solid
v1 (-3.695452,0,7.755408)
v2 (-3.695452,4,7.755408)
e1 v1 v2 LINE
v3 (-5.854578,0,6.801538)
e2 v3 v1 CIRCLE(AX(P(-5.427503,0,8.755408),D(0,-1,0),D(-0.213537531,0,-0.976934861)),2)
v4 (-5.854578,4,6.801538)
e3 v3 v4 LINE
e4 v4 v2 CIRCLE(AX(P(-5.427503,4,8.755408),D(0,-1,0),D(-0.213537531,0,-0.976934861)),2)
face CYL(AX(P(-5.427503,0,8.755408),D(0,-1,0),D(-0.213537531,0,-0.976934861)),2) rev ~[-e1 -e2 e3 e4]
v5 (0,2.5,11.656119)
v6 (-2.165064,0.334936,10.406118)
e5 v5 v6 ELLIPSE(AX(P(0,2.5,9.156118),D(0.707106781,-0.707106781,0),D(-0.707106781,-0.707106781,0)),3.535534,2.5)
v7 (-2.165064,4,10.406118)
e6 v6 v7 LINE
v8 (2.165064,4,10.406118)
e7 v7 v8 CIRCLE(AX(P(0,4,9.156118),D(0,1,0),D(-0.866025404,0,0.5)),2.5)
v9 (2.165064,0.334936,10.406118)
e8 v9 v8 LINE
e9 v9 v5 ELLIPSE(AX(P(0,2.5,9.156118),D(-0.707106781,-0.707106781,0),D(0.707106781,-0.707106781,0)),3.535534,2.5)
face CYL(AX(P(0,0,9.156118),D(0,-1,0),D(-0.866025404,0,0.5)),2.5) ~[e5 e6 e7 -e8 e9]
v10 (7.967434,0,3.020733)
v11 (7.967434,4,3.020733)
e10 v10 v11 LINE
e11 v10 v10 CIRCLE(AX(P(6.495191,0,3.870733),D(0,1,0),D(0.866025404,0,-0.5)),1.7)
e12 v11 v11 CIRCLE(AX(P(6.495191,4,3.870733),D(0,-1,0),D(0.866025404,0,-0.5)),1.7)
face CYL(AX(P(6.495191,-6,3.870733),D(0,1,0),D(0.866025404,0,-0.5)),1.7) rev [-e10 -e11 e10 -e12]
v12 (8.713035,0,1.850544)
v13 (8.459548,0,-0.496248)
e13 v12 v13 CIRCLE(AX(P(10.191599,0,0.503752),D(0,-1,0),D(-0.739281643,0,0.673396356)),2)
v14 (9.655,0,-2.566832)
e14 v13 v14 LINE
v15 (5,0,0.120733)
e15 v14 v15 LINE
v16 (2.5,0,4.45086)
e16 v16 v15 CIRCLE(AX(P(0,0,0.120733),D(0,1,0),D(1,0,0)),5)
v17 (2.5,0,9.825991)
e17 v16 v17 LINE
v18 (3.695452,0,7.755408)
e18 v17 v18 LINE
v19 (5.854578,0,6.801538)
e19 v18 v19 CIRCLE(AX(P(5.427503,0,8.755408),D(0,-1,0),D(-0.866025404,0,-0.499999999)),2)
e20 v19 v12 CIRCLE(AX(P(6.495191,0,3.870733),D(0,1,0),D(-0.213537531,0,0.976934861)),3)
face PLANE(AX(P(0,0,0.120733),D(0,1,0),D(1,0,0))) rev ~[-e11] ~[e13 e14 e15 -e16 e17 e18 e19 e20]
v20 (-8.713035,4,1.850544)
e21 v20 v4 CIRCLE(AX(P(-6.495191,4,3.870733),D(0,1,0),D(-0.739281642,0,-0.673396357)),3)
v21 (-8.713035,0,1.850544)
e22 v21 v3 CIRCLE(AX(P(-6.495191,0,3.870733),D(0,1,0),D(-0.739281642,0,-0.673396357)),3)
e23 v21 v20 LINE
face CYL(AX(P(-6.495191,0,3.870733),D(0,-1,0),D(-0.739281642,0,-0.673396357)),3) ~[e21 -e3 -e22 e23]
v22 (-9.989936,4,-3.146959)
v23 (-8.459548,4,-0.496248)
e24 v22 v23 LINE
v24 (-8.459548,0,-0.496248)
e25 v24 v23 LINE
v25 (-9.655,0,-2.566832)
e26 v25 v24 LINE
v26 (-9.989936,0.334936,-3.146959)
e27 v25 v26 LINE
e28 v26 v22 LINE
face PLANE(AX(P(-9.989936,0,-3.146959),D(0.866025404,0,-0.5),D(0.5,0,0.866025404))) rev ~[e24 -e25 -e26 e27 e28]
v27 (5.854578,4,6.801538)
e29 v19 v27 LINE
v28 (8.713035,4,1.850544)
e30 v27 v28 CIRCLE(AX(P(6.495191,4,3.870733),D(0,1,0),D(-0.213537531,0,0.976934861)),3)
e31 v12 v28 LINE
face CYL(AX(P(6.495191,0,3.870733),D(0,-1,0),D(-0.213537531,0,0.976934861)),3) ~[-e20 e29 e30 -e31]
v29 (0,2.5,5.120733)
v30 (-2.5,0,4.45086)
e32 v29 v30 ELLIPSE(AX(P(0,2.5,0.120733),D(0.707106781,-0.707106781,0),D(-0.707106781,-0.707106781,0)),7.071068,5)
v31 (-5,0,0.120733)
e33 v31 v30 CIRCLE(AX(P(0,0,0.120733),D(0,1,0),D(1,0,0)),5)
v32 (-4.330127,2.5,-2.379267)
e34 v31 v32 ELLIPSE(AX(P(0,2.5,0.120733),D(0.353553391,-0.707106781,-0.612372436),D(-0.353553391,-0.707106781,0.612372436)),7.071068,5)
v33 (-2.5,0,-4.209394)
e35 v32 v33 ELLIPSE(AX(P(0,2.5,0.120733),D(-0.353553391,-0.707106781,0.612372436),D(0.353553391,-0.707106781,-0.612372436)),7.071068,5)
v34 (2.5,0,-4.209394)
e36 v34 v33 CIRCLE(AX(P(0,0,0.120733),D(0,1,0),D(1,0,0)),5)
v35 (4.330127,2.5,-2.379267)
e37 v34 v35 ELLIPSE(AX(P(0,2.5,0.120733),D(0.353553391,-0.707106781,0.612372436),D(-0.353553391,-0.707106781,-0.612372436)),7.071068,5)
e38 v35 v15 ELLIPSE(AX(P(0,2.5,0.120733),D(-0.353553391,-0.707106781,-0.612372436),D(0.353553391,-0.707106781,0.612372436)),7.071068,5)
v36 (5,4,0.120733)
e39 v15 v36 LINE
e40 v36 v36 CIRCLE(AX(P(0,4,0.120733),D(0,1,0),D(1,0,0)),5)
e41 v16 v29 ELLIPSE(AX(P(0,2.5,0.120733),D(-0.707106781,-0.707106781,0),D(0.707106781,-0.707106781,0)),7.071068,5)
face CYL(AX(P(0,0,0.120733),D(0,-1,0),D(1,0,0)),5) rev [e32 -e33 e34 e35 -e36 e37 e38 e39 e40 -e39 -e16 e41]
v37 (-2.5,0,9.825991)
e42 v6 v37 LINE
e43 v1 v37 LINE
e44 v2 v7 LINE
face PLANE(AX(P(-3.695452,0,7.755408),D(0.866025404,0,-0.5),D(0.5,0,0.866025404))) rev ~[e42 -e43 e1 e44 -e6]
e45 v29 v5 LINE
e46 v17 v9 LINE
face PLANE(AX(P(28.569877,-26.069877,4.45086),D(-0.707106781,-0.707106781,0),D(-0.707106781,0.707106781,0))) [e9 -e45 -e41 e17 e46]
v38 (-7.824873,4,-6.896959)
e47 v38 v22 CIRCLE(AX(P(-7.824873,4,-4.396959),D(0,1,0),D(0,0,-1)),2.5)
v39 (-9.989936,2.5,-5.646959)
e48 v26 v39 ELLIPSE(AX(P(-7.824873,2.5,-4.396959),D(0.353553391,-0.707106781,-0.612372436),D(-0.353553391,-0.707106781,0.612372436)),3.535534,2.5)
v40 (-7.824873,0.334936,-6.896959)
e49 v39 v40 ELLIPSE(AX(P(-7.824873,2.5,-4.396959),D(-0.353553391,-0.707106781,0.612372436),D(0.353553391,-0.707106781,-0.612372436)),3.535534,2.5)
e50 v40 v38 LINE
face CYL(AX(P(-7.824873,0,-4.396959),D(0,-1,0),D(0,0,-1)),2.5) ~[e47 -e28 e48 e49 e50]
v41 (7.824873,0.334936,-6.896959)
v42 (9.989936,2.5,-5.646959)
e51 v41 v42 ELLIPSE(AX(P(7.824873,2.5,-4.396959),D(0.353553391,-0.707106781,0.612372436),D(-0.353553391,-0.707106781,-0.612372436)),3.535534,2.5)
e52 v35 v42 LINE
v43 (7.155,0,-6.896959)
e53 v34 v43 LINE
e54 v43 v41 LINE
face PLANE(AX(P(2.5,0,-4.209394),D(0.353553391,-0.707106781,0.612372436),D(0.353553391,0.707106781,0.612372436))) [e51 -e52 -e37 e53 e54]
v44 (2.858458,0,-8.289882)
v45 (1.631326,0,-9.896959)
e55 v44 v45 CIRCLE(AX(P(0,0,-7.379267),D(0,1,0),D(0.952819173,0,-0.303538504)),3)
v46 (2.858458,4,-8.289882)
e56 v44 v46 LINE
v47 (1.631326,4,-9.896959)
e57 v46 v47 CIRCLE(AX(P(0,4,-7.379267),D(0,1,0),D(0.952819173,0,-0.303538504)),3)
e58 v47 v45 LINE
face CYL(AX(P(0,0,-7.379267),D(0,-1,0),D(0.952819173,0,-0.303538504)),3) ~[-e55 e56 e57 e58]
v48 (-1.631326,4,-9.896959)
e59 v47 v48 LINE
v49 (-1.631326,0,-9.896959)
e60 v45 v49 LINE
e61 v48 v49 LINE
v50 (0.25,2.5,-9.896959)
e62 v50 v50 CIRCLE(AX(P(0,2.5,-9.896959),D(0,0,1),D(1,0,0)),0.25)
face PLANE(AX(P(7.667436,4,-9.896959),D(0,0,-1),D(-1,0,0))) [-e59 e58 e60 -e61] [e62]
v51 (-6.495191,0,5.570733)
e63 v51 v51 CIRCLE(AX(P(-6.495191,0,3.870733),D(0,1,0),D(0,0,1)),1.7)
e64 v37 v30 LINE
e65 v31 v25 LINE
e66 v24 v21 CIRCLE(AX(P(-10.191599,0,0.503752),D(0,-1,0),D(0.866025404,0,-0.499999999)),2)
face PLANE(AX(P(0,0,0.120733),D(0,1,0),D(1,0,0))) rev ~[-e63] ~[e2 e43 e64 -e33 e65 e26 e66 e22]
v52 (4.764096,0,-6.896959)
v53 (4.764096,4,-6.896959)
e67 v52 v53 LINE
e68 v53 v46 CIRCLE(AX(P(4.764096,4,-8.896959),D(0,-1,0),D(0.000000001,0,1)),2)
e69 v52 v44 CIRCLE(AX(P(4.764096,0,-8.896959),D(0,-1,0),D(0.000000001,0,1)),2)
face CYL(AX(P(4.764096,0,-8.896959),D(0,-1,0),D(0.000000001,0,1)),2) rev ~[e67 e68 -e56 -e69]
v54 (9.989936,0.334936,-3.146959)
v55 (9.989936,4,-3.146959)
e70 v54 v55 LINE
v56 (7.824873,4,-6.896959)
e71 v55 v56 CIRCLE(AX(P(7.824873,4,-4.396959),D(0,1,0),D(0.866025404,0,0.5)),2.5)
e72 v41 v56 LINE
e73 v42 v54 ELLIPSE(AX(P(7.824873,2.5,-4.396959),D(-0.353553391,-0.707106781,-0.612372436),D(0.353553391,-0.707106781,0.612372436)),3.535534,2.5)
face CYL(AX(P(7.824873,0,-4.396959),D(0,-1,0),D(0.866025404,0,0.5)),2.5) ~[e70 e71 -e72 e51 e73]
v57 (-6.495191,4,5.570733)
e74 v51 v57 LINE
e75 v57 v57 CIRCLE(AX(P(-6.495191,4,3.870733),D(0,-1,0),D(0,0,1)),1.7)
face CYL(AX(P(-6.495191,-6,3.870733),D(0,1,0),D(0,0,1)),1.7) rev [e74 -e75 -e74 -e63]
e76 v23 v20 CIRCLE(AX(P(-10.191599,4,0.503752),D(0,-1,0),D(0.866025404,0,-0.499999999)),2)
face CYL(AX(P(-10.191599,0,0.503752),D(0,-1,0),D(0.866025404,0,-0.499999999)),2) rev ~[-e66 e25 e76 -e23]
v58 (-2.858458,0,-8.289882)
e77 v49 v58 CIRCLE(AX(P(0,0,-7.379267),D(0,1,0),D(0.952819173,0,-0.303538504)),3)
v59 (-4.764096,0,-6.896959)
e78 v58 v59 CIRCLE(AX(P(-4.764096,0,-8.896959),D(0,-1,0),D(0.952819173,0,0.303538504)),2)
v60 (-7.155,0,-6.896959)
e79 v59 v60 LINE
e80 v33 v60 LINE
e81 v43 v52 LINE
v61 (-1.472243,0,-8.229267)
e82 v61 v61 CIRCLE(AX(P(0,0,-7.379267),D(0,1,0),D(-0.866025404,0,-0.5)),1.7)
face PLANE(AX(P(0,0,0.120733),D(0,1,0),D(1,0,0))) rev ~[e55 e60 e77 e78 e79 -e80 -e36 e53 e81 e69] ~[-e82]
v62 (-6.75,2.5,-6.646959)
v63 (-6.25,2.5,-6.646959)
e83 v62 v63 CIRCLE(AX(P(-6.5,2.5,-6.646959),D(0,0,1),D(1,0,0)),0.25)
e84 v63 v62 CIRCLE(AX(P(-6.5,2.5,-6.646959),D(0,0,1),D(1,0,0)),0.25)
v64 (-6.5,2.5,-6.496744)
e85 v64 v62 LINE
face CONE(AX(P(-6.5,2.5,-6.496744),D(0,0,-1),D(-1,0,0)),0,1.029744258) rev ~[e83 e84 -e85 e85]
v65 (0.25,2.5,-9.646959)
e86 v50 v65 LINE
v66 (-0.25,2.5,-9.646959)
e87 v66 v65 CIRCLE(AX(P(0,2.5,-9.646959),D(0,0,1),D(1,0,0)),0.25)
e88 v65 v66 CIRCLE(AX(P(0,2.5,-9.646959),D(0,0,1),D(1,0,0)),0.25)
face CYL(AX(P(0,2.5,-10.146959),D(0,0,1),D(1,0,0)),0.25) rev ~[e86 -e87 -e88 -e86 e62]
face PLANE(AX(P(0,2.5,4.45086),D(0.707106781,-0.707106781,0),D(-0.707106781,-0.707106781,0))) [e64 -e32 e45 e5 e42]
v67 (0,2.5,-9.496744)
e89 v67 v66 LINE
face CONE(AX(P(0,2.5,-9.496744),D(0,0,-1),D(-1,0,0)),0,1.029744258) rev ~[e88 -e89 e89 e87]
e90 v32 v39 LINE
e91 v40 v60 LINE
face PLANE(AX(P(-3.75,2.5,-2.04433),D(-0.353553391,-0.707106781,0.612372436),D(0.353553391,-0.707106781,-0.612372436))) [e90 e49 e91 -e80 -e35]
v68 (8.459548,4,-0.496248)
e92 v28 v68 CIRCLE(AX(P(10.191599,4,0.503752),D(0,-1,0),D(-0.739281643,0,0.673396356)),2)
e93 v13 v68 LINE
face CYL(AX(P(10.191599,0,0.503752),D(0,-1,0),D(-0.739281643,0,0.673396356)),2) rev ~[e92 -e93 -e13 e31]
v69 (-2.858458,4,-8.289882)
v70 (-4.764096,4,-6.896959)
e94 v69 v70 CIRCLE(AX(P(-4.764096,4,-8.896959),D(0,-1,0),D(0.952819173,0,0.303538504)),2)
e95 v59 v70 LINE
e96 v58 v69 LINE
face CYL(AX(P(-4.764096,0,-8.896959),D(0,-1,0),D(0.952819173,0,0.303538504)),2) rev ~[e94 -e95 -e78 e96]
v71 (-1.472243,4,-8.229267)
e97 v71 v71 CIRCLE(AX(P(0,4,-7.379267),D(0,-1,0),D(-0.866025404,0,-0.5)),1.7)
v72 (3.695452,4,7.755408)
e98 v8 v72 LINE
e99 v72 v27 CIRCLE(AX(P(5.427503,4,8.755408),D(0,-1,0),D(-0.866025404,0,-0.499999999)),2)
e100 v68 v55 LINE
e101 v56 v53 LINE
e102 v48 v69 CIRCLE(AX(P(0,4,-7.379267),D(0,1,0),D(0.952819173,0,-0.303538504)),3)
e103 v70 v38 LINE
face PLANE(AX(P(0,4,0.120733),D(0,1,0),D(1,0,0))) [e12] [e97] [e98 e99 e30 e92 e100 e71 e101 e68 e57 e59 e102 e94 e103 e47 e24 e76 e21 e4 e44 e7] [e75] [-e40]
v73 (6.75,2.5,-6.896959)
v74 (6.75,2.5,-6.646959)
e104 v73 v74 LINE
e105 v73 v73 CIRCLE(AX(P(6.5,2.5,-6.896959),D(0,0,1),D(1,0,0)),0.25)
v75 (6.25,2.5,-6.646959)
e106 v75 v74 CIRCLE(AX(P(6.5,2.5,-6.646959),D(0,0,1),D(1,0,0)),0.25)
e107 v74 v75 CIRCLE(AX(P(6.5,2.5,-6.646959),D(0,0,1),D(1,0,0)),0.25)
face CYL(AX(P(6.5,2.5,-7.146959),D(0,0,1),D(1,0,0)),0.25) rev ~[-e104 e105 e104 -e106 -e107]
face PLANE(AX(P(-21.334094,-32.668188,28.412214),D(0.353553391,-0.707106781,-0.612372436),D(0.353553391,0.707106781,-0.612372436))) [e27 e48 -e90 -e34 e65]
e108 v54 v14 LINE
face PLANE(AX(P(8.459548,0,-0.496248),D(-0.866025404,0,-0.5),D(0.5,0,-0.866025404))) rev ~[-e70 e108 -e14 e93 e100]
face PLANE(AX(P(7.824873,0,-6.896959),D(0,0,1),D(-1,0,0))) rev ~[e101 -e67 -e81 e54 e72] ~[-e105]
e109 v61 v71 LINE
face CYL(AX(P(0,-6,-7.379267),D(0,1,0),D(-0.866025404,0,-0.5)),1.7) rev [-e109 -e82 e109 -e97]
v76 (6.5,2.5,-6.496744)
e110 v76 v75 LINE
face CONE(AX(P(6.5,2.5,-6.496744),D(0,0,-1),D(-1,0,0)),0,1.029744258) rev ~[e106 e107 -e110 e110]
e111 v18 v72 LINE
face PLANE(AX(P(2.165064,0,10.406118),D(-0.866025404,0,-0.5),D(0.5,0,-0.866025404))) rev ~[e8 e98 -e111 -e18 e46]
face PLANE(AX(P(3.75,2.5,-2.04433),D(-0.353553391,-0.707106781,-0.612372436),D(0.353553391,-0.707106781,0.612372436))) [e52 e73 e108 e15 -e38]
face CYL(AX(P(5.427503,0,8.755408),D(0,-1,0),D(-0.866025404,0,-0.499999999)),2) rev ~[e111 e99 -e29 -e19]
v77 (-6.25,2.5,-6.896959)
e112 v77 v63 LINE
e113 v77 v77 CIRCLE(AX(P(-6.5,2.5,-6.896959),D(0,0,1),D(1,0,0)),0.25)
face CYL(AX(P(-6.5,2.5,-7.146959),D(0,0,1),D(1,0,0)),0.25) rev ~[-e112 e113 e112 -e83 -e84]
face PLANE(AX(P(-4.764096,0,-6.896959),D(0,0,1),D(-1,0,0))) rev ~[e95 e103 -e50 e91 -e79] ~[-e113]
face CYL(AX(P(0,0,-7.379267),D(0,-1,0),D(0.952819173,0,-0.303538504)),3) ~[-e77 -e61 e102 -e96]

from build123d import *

# Parameters (mm, degrees)
SKETCH1_R                      = 5
EXTRUDE1_DEPTH                 = 4
CIRPATTERN2_COUNT              = 3
EXTRUDE4_START                 = 4.45086
EXTRUDE4_DEPTH                 = 7.205259
EXTRUDE5_START                 = 4.330127
EXTRUDE5_DEPTH                 = 7.205258
EXTRUDE6_START                 = 4.330127
EXTRUDE6_DEPTH                 = 7.205258
SKETCH11_W                     = 14.943105969
SKETCH11_H                     = 2.182700872
EXTRUDE7_DEPTH                 = 10
F_0_5_0_5_DIAMETER_HOLE1_D     = 0.5
F_0_5_0_5_DIAMETER_HOLE1_DEPTH = 0.25
F_0_5_0_5_DIAMETER_HOLE1_TIP   = 0.150215155
F_0_5_0_5_DIAMETER_HOLE2_D     = 0.5
F_0_5_0_5_DIAMETER_HOLE2_DEPTH = 0.25
F_0_5_0_5_DIAMETER_HOLE2_TIP   = 0.150215155
F_0_5_0_5_DIAMETER_HOLE3_D     = 0.5
F_0_5_0_5_DIAMETER_HOLE3_DEPTH = 0.25
F_0_5_0_5_DIAMETER_HOLE3_TIP   = 0.150215155


with BuildPart() as part:
    # Sketch1 → Extrude1 (new body)
    with BuildSketch(Plane(origin=(0, 0, 0), x_dir=(1, 0, 0), z_dir=(0, 1, 0))):
        with BuildLine():
            Line((-9.989936491, 3.146959138), (-8.459547932, 0.4962484))
            ThreePointArc((-8.459547932, 0.4962484), (-8.203164753, -0.718531203), (-8.713035455, -1.850544314))
            ThreePointArc((-8.713035455, -1.850544314), (-9.09326674, -5.370733384), (-5.854577936, -6.801537968))
            ThreePointArc((-5.854577936, -6.801537968), (-4.619290473, -6.925983542), (-3.695452068, -7.75540769))
            Line((-3.695452068, -7.75540769), (-2.165063509, -10.406118428))
            ThreePointArc((-2.165063509, -10.406118428), (0, -11.656118428), (2.165063509, -10.406118428))
            Line((2.165063509, -10.406118428), (3.695452068, -7.75540769))
            ThreePointArc((3.695452068, -7.75540769), (4.619290473, -6.925983542), (5.854577936, -6.801537968))
            ThreePointArc((5.854577936, -6.801537968), (9.09326674, -5.370733384), (8.713035455, -1.850544314))
            ThreePointArc((8.713035455, -1.850544314), (8.203164753, -0.718531203), (8.459547932, 0.4962484))
            Line((8.459547932, 0.4962484), (9.989936491, 3.146959138))
            ThreePointArc((9.989936491, 3.146959138), (9.989936491, 5.646959138), (7.824872981, 6.896959138))
            Line((7.824872981, 6.896959138), (4.764095865, 6.896959138))
            ThreePointArc((4.764095865, 6.896959138), (3.583874279, 7.282314592), (2.858457519, 8.289882129))
            ThreePointArc((2.858457519, 8.289882129), (0, 10.379266616), (-2.858457519, 8.289882129))
            ThreePointArc((-2.858457519, 8.289882129), (-3.583874279, 7.282314592), (-4.764095865, 6.896959138))
            Line((-4.764095865, 6.896959138), (-7.824872981, 6.896959138))
            ThreePointArc((-7.824872981, 6.896959138), (-9.989936491, 5.646959138), (-9.989936491, 3.146959138))
        make_face()
        with Locations((0, -0.120733384)):
            Circle(SKETCH1_R, mode=Mode.SUBTRACT)
    extrude(amount=EXTRUDE1_DEPTH)

    # Sketch6 → M3 Clearance Hole1 (revolve, cut)
    with BuildSketch(Plane(origin=(-6.495190528, 4, 3.870733384), x_dir=(0, 0, 1), z_dir=(1, 0, 0))):
        Polygon((0, 0), (0, 11.021463052), (1.7, 10), (1.7, 0), align=None)
    m3_clearance_hole1 = revolve(axis=Axis((-6.495190528, 10.35, 3.870733384), (0, -1, 0)), mode=Mode.SUBTRACT)

    # CirPattern2: M3 Clearance Hole1 ×3 about axis
    cirpattern2_axis = Axis((0, 0, 0.120733384), (0, 1, 0))
    for i in range(1, CIRPATTERN2_COUNT):
        add(m3_clearance_hole1.rotate(cirpattern2_axis, i * 360 / CIRPATTERN2_COUNT), mode=Mode.SUBTRACT)

    # GrooveSketch → Extrude4 (cut)
    with BuildSketch(Plane.XY.offset(EXTRUDE4_START)):
        Polygon((28.569876563, -26.069876563), (2.5, 0), (0, 2.5), (-2.5, 0), (-28.569876563, -26.069876563), (-28.569876563, -99.806622573), (28.569876563, -99.806622573), align=None)
    extrude(amount=EXTRUDE4_DEPTH, mode=Mode.SUBTRACT)

    # Sketch9 → Extrude5 (cut)
    with BuildSketch(Plane(origin=(0.052279089, 0, 0.030183346), x_dir=(-0.5, 0, 0.866025404), z_dir=(-0.866025404, 0, -0.5)).offset(EXTRUDE5_START)):
        Polygon((35.272745822, -32.668187644), (2.604558178, 0), (0.104558178, 2.5), (-2.395441822, 0), (-35.063629467, -32.668187644), (-35.063629467, -125.067775694), (35.272745822, -125.067775694), align=None)
    extrude(amount=EXTRUDE5_DEPTH, mode=Mode.SUBTRACT)

    # Sketch10 → Extrude6 (cut)
    with BuildSketch(Plane(origin=(-0.052279089, 0, 0.030183346), x_dir=(-0.5, 0, -0.866025404), z_dir=(0.866025404, 0, -0.5)).offset(EXTRUDE6_START)):
        Polygon((35.063629467, -32.668187644), (2.395441822, 0), (-0.104558178, 2.5), (-2.604558178, 0), (-35.272745822, -32.668187644), (-35.272745822, -125.067775694), (35.063629467, -125.067775694), align=None)
    extrude(amount=EXTRUDE6_DEPTH, mode=Mode.SUBTRACT)

    # Sketch11 → Extrude7 (cut)
    with BuildSketch(Plane(origin=(0, 4, 0), x_dir=(-1, 0, 0), z_dir=(0, 1, 0))):
        with Locations((-0.195883412, -10.988309574)):
            Rectangle(SKETCH11_W, SKETCH11_H)
    extrude(amount=-EXTRUDE7_DEPTH, mode=Mode.SUBTRACT)

    # Ø0.5 (0.5) Diameter Hole1
    with Locations(Plane(origin=(0, 2.5, -9.896959138), x_dir=(-1, 0, 0), z_dir=(0, 0, -1))):
        with Locations((0, 0)):
            Hole(F_0_5_0_5_DIAMETER_HOLE1_D / 2, depth=F_0_5_0_5_DIAMETER_HOLE1_DEPTH)
            with Locations((0, 0, -(F_0_5_0_5_DIAMETER_HOLE1_DEPTH + F_0_5_0_5_DIAMETER_HOLE1_TIP / 2))):  # 118° drill point
                Cone(0, F_0_5_0_5_DIAMETER_HOLE1_D / 2, F_0_5_0_5_DIAMETER_HOLE1_TIP, mode=Mode.SUBTRACT)

    # Ø0.5 (0.5) Diameter Hole2
    with Locations(Plane(origin=(6.5, 2.5, -6.896959138), x_dir=(-1, 0, 0), z_dir=(0, 0, -1))):
        with Locations((0, 0)):
            Hole(F_0_5_0_5_DIAMETER_HOLE2_D / 2, depth=F_0_5_0_5_DIAMETER_HOLE2_DEPTH)
            with Locations((0, 0, -(F_0_5_0_5_DIAMETER_HOLE2_DEPTH + F_0_5_0_5_DIAMETER_HOLE2_TIP / 2))):  # 118° drill point
                Cone(0, F_0_5_0_5_DIAMETER_HOLE2_D / 2, F_0_5_0_5_DIAMETER_HOLE2_TIP, mode=Mode.SUBTRACT)

    # Ø0.5 (0.5) Diameter Hole3
    with Locations(Plane(origin=(-6.5, 2.5, -6.896959138), x_dir=(-1, 0, 0), z_dir=(0, 0, -1))):
        with Locations((0, 0)):
            Hole(F_0_5_0_5_DIAMETER_HOLE3_D / 2, depth=F_0_5_0_5_DIAMETER_HOLE3_DEPTH)
            with Locations((0, 0, -(F_0_5_0_5_DIAMETER_HOLE3_DEPTH + F_0_5_0_5_DIAMETER_HOLE3_TIP / 2))):  # 118° drill point
                Cone(0, F_0_5_0_5_DIAMETER_HOLE3_D / 2, F_0_5_0_5_DIAMETER_HOLE3_TIP, mode=Mode.SUBTRACT)


solid = part.part
